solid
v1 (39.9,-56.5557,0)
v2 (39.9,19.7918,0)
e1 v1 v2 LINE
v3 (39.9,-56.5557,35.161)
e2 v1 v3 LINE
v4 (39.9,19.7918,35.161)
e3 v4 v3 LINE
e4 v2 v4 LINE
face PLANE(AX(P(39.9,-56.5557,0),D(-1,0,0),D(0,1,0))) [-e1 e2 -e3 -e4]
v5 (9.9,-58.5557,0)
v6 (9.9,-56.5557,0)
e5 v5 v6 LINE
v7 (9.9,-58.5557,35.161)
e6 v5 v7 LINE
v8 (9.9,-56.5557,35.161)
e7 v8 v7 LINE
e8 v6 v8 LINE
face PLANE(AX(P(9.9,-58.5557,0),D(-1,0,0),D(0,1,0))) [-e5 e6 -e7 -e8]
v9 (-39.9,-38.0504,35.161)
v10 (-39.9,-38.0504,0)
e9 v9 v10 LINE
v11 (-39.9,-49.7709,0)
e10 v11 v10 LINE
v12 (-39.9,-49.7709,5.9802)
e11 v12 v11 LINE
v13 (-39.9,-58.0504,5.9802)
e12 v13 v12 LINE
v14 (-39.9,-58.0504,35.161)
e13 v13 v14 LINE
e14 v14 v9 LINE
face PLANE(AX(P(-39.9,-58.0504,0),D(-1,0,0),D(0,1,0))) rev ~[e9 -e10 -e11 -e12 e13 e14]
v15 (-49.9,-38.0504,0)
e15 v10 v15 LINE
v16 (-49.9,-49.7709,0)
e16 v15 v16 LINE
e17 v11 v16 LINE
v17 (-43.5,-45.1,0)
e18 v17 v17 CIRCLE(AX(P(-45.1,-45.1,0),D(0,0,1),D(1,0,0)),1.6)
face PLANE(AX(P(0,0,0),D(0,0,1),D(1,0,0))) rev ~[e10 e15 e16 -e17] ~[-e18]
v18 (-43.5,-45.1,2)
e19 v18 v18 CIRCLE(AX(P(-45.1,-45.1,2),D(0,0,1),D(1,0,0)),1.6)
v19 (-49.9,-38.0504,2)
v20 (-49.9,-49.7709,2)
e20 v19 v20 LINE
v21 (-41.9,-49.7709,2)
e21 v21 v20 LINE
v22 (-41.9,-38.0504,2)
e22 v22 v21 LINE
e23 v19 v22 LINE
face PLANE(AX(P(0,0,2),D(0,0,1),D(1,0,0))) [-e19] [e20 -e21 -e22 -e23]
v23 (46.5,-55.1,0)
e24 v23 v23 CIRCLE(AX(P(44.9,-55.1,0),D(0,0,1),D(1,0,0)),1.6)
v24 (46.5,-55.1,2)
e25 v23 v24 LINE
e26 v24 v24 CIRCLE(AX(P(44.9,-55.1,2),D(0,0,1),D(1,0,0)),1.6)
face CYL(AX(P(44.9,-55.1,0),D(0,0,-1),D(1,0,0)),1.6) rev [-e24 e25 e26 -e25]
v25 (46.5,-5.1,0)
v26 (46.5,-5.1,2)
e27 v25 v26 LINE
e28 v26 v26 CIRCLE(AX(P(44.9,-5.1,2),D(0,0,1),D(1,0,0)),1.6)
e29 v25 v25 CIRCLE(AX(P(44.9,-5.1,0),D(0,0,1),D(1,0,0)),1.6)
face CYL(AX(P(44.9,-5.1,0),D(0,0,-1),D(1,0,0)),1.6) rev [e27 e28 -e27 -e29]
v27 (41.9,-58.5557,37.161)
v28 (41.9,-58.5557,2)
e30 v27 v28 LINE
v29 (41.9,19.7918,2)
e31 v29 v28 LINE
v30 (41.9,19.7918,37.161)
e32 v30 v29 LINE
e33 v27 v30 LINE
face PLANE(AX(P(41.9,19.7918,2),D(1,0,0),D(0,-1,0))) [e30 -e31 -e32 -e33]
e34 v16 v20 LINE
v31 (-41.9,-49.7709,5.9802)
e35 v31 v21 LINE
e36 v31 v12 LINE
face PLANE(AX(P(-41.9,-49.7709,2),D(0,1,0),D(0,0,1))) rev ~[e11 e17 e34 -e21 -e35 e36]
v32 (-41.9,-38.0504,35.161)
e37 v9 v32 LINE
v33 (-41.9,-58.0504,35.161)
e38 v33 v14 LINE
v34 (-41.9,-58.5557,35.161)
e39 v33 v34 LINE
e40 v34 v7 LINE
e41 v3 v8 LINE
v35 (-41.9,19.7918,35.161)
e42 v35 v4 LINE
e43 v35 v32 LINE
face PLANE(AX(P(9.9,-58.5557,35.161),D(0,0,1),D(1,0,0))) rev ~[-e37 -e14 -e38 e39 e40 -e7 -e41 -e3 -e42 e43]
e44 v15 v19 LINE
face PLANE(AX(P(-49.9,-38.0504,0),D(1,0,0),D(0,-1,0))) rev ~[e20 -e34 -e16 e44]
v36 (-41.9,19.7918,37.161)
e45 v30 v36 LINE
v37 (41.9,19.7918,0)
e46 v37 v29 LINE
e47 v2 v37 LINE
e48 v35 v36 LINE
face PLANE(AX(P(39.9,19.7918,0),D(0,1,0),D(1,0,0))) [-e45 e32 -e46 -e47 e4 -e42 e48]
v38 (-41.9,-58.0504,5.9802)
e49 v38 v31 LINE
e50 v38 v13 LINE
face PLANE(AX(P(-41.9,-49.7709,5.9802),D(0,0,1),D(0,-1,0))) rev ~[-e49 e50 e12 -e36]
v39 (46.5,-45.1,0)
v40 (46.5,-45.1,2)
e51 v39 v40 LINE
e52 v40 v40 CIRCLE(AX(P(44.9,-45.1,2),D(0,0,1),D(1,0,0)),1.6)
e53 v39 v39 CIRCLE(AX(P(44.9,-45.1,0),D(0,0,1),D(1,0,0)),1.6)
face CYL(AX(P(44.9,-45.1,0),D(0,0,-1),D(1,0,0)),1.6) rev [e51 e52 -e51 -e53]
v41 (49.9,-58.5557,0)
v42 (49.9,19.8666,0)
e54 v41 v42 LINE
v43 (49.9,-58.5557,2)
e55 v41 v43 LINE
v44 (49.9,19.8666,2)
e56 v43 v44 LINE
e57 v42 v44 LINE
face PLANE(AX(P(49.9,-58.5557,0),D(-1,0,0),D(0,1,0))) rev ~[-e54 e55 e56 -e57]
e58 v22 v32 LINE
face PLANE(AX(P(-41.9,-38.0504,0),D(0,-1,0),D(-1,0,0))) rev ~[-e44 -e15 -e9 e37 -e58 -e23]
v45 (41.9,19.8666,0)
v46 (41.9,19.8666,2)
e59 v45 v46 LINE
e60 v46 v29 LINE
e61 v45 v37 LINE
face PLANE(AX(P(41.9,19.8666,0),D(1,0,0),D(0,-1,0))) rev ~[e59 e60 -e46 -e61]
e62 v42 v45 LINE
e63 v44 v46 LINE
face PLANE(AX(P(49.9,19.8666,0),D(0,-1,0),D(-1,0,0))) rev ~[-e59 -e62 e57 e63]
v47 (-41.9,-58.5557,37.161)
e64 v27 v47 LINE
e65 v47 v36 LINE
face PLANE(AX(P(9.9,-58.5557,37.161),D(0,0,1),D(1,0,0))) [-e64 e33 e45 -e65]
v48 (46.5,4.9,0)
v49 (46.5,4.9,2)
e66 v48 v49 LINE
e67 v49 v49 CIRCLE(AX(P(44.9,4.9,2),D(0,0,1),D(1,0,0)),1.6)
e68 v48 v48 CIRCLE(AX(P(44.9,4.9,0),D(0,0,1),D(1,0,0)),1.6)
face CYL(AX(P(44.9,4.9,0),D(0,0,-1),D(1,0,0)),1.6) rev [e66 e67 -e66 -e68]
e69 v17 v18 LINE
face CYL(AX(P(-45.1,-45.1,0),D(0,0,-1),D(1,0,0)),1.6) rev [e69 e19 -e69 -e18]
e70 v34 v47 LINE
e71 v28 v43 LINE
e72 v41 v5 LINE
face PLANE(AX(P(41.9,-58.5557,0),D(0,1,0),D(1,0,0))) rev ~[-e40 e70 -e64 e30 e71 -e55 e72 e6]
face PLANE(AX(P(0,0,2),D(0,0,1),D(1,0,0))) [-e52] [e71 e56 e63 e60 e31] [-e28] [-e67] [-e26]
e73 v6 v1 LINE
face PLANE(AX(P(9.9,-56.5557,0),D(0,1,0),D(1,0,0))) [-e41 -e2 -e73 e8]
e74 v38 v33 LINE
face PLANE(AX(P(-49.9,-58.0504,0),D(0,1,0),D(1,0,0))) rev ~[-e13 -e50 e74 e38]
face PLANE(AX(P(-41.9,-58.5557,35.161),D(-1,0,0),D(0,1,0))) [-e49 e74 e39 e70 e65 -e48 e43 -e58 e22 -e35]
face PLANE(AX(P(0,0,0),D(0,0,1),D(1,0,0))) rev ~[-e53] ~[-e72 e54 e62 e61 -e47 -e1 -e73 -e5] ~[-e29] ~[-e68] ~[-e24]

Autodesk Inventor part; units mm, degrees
ref_plane "YZ Plane" through (0, 0, 0) normal (1, 0, 0) x (0, 1, 0)
ref_plane "XZ Plane" through (0, 0, 0) normal (0, 1, 0) x (-1, 0, 0)
ref_plane "Work Plane1" through (0, 0, 0) normal (0, 0, 1) x (1, 0, 0)
ref_plane "Work Plane2" through (0, 0, 0) normal (0, 0, 1) x (1, 0, 0)
sketch "Sketch2" plane through (0, 0, 0) normal (0, 0, 1) x (1, 0, 0)
  circle A0 centre (44.9, -55.1) radius 1.6 construction
  circle A1 centre (44.9, -45.1) radius 1.6 construction
  line L0 (49.9, -97.9) -> (49.9, 41.0746) construction
  line L1 (-49.9, -35.1) -> (-49.9, -97.9) construction
  circle A2 centre (-45.1, -45.1) radius 1.6 construction
  circle A3 centre (-45.1, -55.1) radius 1.4 construction
  line L2 (-2.8791, -35.1) -> (-48.921, -35.1) construction
  circle A4 centre (44.9, -5.1) radius 1.6 construction
  circle A5 centre (44.9, 4.9) radius 1.6 construction
  line L3 (49.9, -58.5557) -> (41.9, -58.5557) construction
  line L4 (41.9, -58.5557) -> (41.9, 19.8666) construction
  line L5 (41.9, 19.8666) -> (49.9, 19.8666) construction
  line L6 (49.9, 19.8666) -> (49.9, -58.5557) construction
  line L7 (41.9, -58.5557) -> (49.9, -58.5557)
  line L8 (49.9, -58.5557) -> (49.9, 19.8666)
  line L9 (49.9, 19.8666) -> (41.9, 19.8666)
  line L10 (41.9, 19.8666) -> (41.9, -58.5557)
  line L11 (41.9, 19.8666) -> (49.9, 36.639)
  line L12 (49.9, 19.8666) -> (49.9, 36.639)
  line L13 (60.4304, 64.9211) -> (17.3793, -25.3374) projected
  line L14 (-49.9, -58.0504) -> (-41.9, -58.0504)
  line L15 (-41.9, -58.0504) -> (-41.9, -38.0504)
  line L16 (-41.9, -38.0504) -> (-49.9, -38.0504)
  line L17 (-49.9, -38.0504) -> (-49.9, -58.0504)
  line L18 (-41.9, -58.0504) -> (-39.9, -58.0504)
  line L19 (-39.9, -58.0504) -> (-39.9, -38.0504)
  line L20 (-39.9, -38.0504) -> (-41.9, -38.0504)
  line L21 (-41.9, -38.0504) -> (-41.9, -58.0504)
  line L22 (41.9, -58.5557) -> (39.9, -58.5557)
  line L23 (39.9, -58.5557) -> (39.9, 19.7918)
  line L24 (39.9, 19.7918) -> (41.9, 19.7918)
  line L25 (41.9, 19.7918) -> (41.9, -58.5557)
  circle A6 centre (-45.1, -55.1) radius 1.4
  circle A7 centre (-45.1, -45.1) radius 1.6
  circle A8 centre (44.9, -55.1) radius 1.6
  circle A9 centre (44.9, -45.1) radius 1.6
  circle A10 centre (44.9, -5.1) radius 1.6
  circle A11 centre (44.9, 4.9) radius 1.6
  line L26 (39.9, -58.5557) -> (9.9, -58.5557)
  line L27 (9.9, -58.5557) -> (9.9, -56.5557)
  line L28 (9.9, -56.5557) -> (39.9, -56.5557)
  line L29 (39.9, -56.5557) -> (39.9, -58.5557)
  point P0 (0, 0)
  dimension "d0" = 8
  dimension "d1" = 8
  dimension "d2" = 20
  dimension "d3" = 2
  dimension "d4" = 2
  dimension "d7" = 30
  dimension "d8" = 2
extrude "Extrusion1" add sketch "Sketch2" along normal blind 2 contours L10 L9 L8 L7 | L22 L23 L24 L10 | L26 L27 L28 L23 | L17 L16 L15 L14 | L15 L20 L19 L18
sketch "Sketch3" plane through (0, 0, 2) normal (0, 0, 1) x (1, 0, 0)
  line L0 (39.9, 19.7918) -> (39.9, -56.5557) projected
  circle A0 centre (44.9, 4.9) radius 1.6 projected
  circle A1 centre (44.9, -5.1) radius 1.6 projected
  circle A2 centre (44.9, -45.1) radius 1.6 projected
  circle A3 centre (44.9, -55.1) radius 1.6 projected
  line L1 (39.9, -56.5557) -> (9.9, -56.5557) projected
  line L2 (9.9, -56.5557) -> (9.9, -58.5557) projected
  line L3 (9.9, -58.5557) -> (49.9, -58.5557) projected
  line L4 (49.9, -58.5557) -> (49.9, 19.8666) projected
  line L5 (49.9, 19.8666) -> (41.9, 19.8666) projected
  line L6 (41.9, 19.8666) -> (41.9, 19.7918) projected
  line L7 (41.9, 19.7918) -> (39.9, 19.7918) projected
  line L8 (39.9, 19.7918) -> (39.9, -56.5557) projected
  line L9 (39.9, 19.7918) -> (39.9, -56.5557) projected
  line L10 (9.9, -58.5557) -> (49.9, -58.5557) projected
  line L11 (39.9, 19.7918) -> (41.9, 19.7918)
  line L12 (41.9, 19.7918) -> (41.9, -58.5557)
  line L13 (41.9, -58.5557) -> (39.9, -58.5557)
  line L14 (39.9, -58.5557) -> (39.9, 19.7918)
  line L15 (39.9, -56.5557) -> (9.9, -56.5557) projected
  line L16 (9.9, -58.5557) -> (39.9, -58.5557)
  line L17 (39.9, -58.5557) -> (39.9, -56.5557)
  line L18 (39.9, -56.5557) -> (9.9, -56.5557)
  line L19 (9.9, -56.5557) -> (9.9, -58.5557)
  line L20 (-39.9, -58.0504) -> (-39.9, -38.0504) projected
  line L21 (-49.9, -58.0504) -> (-39.9, -58.0504) projected
  line L22 (-39.9, -38.0504) -> (-41.9, -38.0504)
  line L23 (-41.9, -38.0504) -> (-41.9, -58.0504)
  line L24 (-41.9, -58.0504) -> (-39.9, -58.0504)
  line L25 (-39.9, -58.0504) -> (-39.9, -38.0504)
  point P0 (0, 0)
  dimension "d9" = 2
ref_plane "Work Plane3" through (-48.921, -35.1, 35.161) normal (0, 0, 1) x (1, 0, 0)
extrude "Extrusion2" add sketch "Sketch3" along normal up to surface (33.161 mm away) contours L7 L12 L3 L14 L0 | L14 L3 L2 L1 | L21 L23 L22 L20
sketch "Sketch5" plane through (9.9, -58.5557, 35.161) normal (0, 0, 1) x (1, 0, 0)
  line L0 (0, 0) -> (0, 2) projected
  line L1 (32, 0) -> (0, 0) projected
  line L2 (32, 78.3475) -> (32, 0) projected
  line L3 (30, 78.3475) -> (32, 78.3475) projected
  line L4 (30, 2) -> (30, 78.3475) projected
  line L5 (0, 2) -> (30, 2) projected
  line L6 (-49.8, 20.5053) -> (-49.8, 0.5053) projected
  line L7 (-51.8, 20.5053) -> (-49.8, 20.5053) projected
  line L8 (-51.8, 0.5053) -> (-51.8, 20.5053) projected
  line L9 (-49.8, 0.5053) -> (-51.8, 0.5053) projected
  line L10 (32, 78.3475) -> (-51.8, 78.3475)
  line L11 (-51.8, 78.3475) -> (-51.8, 0.5053)
  line L12 (-51.8, 0.5053) -> (32, 0.5053)
  line L13 (32, 0.5053) -> (32, 78.3475)
  line L14 (32, 78.3475) -> (32, 0) projected
  line L15 (32, 0) -> (-51.8, 0)
  line L16 (-51.8, 0) -> (-51.8, 0.5053)
  line L17 (-51.8, 0.5053) -> (32, 0.5053)
  line L18 (32, 0.5053) -> (32, 0)
  point P0 (-9.9, 58.5557)
extrude "Extrusion3" add sketch "Sketch5" along normal blind 2
sketch "Sketch6" plane through (-41.9, -58.0504, 2) normal (-1, 0, 0) x (0, 0, 1)
  line L0 (0, 20) -> (33.161, 20) projected
  line L1 (0, 0) -> (0, 20) projected
  line L2 (0, 0) -> (33.161, 0) projected
  line L3 (33.161, 0) -> (33.161, -0.5053) projected
  line L4 (33.161, -0.5053) -> (35.161, -0.5053) projected
  line L5 (35.161, 77.8423) -> (35.161, -0.5053) projected
  line L6 (33.161, 77.8423) -> (35.161, 77.8423) projected
  line L7 (33.161, 77.8423) -> (33.161, 20) projected
  line L8 (-2, 7.7504) -> (-2, -86.2156) projected
  line L9 (-2, -86.2156) -> (3, -86.2156) projected
  line L10 (3, -19.7496) -> (3, -86.2156) projected
  line L11 (3, -19.7496) -> (7.1792, -19.7496) projected
  line L12 (7.1792, -19.7496) -> (7.1792, -14.7496) projected
  line L13 (3, -14.7496) -> (7.1792, -14.7496) projected
  line L14 (3, 7.7504) -> (3, -14.7496) projected
  line L15 (-2, 7.7504) -> (3, 7.7504) projected
  line L16 (-2.5429, 8.2795) -> (3.9802, 8.2795)
  line L17 (3.9802, 8.2795) -> (3.9802, -0.9887)
  line L18 (3.9802, -0.9887) -> (-2.5429, -0.9887)
  line L19 (-2.5429, -0.9887) -> (-2.5429, 8.2795)
  point P0 (-2, 58.0504)
extrude "Extrusion4" cut sketch "Sketch6" along normal mid plane 20 contours L16 L17 L2 L14 L15 L1 | L1 L15 L8 L18 L19 L16 | L15 L14 L2 L1 | L1 L2 L14 L18 L8 L15 | L17 L18 L14 L2
properties part number "30_CUBE_openSIM_Lasershield"
